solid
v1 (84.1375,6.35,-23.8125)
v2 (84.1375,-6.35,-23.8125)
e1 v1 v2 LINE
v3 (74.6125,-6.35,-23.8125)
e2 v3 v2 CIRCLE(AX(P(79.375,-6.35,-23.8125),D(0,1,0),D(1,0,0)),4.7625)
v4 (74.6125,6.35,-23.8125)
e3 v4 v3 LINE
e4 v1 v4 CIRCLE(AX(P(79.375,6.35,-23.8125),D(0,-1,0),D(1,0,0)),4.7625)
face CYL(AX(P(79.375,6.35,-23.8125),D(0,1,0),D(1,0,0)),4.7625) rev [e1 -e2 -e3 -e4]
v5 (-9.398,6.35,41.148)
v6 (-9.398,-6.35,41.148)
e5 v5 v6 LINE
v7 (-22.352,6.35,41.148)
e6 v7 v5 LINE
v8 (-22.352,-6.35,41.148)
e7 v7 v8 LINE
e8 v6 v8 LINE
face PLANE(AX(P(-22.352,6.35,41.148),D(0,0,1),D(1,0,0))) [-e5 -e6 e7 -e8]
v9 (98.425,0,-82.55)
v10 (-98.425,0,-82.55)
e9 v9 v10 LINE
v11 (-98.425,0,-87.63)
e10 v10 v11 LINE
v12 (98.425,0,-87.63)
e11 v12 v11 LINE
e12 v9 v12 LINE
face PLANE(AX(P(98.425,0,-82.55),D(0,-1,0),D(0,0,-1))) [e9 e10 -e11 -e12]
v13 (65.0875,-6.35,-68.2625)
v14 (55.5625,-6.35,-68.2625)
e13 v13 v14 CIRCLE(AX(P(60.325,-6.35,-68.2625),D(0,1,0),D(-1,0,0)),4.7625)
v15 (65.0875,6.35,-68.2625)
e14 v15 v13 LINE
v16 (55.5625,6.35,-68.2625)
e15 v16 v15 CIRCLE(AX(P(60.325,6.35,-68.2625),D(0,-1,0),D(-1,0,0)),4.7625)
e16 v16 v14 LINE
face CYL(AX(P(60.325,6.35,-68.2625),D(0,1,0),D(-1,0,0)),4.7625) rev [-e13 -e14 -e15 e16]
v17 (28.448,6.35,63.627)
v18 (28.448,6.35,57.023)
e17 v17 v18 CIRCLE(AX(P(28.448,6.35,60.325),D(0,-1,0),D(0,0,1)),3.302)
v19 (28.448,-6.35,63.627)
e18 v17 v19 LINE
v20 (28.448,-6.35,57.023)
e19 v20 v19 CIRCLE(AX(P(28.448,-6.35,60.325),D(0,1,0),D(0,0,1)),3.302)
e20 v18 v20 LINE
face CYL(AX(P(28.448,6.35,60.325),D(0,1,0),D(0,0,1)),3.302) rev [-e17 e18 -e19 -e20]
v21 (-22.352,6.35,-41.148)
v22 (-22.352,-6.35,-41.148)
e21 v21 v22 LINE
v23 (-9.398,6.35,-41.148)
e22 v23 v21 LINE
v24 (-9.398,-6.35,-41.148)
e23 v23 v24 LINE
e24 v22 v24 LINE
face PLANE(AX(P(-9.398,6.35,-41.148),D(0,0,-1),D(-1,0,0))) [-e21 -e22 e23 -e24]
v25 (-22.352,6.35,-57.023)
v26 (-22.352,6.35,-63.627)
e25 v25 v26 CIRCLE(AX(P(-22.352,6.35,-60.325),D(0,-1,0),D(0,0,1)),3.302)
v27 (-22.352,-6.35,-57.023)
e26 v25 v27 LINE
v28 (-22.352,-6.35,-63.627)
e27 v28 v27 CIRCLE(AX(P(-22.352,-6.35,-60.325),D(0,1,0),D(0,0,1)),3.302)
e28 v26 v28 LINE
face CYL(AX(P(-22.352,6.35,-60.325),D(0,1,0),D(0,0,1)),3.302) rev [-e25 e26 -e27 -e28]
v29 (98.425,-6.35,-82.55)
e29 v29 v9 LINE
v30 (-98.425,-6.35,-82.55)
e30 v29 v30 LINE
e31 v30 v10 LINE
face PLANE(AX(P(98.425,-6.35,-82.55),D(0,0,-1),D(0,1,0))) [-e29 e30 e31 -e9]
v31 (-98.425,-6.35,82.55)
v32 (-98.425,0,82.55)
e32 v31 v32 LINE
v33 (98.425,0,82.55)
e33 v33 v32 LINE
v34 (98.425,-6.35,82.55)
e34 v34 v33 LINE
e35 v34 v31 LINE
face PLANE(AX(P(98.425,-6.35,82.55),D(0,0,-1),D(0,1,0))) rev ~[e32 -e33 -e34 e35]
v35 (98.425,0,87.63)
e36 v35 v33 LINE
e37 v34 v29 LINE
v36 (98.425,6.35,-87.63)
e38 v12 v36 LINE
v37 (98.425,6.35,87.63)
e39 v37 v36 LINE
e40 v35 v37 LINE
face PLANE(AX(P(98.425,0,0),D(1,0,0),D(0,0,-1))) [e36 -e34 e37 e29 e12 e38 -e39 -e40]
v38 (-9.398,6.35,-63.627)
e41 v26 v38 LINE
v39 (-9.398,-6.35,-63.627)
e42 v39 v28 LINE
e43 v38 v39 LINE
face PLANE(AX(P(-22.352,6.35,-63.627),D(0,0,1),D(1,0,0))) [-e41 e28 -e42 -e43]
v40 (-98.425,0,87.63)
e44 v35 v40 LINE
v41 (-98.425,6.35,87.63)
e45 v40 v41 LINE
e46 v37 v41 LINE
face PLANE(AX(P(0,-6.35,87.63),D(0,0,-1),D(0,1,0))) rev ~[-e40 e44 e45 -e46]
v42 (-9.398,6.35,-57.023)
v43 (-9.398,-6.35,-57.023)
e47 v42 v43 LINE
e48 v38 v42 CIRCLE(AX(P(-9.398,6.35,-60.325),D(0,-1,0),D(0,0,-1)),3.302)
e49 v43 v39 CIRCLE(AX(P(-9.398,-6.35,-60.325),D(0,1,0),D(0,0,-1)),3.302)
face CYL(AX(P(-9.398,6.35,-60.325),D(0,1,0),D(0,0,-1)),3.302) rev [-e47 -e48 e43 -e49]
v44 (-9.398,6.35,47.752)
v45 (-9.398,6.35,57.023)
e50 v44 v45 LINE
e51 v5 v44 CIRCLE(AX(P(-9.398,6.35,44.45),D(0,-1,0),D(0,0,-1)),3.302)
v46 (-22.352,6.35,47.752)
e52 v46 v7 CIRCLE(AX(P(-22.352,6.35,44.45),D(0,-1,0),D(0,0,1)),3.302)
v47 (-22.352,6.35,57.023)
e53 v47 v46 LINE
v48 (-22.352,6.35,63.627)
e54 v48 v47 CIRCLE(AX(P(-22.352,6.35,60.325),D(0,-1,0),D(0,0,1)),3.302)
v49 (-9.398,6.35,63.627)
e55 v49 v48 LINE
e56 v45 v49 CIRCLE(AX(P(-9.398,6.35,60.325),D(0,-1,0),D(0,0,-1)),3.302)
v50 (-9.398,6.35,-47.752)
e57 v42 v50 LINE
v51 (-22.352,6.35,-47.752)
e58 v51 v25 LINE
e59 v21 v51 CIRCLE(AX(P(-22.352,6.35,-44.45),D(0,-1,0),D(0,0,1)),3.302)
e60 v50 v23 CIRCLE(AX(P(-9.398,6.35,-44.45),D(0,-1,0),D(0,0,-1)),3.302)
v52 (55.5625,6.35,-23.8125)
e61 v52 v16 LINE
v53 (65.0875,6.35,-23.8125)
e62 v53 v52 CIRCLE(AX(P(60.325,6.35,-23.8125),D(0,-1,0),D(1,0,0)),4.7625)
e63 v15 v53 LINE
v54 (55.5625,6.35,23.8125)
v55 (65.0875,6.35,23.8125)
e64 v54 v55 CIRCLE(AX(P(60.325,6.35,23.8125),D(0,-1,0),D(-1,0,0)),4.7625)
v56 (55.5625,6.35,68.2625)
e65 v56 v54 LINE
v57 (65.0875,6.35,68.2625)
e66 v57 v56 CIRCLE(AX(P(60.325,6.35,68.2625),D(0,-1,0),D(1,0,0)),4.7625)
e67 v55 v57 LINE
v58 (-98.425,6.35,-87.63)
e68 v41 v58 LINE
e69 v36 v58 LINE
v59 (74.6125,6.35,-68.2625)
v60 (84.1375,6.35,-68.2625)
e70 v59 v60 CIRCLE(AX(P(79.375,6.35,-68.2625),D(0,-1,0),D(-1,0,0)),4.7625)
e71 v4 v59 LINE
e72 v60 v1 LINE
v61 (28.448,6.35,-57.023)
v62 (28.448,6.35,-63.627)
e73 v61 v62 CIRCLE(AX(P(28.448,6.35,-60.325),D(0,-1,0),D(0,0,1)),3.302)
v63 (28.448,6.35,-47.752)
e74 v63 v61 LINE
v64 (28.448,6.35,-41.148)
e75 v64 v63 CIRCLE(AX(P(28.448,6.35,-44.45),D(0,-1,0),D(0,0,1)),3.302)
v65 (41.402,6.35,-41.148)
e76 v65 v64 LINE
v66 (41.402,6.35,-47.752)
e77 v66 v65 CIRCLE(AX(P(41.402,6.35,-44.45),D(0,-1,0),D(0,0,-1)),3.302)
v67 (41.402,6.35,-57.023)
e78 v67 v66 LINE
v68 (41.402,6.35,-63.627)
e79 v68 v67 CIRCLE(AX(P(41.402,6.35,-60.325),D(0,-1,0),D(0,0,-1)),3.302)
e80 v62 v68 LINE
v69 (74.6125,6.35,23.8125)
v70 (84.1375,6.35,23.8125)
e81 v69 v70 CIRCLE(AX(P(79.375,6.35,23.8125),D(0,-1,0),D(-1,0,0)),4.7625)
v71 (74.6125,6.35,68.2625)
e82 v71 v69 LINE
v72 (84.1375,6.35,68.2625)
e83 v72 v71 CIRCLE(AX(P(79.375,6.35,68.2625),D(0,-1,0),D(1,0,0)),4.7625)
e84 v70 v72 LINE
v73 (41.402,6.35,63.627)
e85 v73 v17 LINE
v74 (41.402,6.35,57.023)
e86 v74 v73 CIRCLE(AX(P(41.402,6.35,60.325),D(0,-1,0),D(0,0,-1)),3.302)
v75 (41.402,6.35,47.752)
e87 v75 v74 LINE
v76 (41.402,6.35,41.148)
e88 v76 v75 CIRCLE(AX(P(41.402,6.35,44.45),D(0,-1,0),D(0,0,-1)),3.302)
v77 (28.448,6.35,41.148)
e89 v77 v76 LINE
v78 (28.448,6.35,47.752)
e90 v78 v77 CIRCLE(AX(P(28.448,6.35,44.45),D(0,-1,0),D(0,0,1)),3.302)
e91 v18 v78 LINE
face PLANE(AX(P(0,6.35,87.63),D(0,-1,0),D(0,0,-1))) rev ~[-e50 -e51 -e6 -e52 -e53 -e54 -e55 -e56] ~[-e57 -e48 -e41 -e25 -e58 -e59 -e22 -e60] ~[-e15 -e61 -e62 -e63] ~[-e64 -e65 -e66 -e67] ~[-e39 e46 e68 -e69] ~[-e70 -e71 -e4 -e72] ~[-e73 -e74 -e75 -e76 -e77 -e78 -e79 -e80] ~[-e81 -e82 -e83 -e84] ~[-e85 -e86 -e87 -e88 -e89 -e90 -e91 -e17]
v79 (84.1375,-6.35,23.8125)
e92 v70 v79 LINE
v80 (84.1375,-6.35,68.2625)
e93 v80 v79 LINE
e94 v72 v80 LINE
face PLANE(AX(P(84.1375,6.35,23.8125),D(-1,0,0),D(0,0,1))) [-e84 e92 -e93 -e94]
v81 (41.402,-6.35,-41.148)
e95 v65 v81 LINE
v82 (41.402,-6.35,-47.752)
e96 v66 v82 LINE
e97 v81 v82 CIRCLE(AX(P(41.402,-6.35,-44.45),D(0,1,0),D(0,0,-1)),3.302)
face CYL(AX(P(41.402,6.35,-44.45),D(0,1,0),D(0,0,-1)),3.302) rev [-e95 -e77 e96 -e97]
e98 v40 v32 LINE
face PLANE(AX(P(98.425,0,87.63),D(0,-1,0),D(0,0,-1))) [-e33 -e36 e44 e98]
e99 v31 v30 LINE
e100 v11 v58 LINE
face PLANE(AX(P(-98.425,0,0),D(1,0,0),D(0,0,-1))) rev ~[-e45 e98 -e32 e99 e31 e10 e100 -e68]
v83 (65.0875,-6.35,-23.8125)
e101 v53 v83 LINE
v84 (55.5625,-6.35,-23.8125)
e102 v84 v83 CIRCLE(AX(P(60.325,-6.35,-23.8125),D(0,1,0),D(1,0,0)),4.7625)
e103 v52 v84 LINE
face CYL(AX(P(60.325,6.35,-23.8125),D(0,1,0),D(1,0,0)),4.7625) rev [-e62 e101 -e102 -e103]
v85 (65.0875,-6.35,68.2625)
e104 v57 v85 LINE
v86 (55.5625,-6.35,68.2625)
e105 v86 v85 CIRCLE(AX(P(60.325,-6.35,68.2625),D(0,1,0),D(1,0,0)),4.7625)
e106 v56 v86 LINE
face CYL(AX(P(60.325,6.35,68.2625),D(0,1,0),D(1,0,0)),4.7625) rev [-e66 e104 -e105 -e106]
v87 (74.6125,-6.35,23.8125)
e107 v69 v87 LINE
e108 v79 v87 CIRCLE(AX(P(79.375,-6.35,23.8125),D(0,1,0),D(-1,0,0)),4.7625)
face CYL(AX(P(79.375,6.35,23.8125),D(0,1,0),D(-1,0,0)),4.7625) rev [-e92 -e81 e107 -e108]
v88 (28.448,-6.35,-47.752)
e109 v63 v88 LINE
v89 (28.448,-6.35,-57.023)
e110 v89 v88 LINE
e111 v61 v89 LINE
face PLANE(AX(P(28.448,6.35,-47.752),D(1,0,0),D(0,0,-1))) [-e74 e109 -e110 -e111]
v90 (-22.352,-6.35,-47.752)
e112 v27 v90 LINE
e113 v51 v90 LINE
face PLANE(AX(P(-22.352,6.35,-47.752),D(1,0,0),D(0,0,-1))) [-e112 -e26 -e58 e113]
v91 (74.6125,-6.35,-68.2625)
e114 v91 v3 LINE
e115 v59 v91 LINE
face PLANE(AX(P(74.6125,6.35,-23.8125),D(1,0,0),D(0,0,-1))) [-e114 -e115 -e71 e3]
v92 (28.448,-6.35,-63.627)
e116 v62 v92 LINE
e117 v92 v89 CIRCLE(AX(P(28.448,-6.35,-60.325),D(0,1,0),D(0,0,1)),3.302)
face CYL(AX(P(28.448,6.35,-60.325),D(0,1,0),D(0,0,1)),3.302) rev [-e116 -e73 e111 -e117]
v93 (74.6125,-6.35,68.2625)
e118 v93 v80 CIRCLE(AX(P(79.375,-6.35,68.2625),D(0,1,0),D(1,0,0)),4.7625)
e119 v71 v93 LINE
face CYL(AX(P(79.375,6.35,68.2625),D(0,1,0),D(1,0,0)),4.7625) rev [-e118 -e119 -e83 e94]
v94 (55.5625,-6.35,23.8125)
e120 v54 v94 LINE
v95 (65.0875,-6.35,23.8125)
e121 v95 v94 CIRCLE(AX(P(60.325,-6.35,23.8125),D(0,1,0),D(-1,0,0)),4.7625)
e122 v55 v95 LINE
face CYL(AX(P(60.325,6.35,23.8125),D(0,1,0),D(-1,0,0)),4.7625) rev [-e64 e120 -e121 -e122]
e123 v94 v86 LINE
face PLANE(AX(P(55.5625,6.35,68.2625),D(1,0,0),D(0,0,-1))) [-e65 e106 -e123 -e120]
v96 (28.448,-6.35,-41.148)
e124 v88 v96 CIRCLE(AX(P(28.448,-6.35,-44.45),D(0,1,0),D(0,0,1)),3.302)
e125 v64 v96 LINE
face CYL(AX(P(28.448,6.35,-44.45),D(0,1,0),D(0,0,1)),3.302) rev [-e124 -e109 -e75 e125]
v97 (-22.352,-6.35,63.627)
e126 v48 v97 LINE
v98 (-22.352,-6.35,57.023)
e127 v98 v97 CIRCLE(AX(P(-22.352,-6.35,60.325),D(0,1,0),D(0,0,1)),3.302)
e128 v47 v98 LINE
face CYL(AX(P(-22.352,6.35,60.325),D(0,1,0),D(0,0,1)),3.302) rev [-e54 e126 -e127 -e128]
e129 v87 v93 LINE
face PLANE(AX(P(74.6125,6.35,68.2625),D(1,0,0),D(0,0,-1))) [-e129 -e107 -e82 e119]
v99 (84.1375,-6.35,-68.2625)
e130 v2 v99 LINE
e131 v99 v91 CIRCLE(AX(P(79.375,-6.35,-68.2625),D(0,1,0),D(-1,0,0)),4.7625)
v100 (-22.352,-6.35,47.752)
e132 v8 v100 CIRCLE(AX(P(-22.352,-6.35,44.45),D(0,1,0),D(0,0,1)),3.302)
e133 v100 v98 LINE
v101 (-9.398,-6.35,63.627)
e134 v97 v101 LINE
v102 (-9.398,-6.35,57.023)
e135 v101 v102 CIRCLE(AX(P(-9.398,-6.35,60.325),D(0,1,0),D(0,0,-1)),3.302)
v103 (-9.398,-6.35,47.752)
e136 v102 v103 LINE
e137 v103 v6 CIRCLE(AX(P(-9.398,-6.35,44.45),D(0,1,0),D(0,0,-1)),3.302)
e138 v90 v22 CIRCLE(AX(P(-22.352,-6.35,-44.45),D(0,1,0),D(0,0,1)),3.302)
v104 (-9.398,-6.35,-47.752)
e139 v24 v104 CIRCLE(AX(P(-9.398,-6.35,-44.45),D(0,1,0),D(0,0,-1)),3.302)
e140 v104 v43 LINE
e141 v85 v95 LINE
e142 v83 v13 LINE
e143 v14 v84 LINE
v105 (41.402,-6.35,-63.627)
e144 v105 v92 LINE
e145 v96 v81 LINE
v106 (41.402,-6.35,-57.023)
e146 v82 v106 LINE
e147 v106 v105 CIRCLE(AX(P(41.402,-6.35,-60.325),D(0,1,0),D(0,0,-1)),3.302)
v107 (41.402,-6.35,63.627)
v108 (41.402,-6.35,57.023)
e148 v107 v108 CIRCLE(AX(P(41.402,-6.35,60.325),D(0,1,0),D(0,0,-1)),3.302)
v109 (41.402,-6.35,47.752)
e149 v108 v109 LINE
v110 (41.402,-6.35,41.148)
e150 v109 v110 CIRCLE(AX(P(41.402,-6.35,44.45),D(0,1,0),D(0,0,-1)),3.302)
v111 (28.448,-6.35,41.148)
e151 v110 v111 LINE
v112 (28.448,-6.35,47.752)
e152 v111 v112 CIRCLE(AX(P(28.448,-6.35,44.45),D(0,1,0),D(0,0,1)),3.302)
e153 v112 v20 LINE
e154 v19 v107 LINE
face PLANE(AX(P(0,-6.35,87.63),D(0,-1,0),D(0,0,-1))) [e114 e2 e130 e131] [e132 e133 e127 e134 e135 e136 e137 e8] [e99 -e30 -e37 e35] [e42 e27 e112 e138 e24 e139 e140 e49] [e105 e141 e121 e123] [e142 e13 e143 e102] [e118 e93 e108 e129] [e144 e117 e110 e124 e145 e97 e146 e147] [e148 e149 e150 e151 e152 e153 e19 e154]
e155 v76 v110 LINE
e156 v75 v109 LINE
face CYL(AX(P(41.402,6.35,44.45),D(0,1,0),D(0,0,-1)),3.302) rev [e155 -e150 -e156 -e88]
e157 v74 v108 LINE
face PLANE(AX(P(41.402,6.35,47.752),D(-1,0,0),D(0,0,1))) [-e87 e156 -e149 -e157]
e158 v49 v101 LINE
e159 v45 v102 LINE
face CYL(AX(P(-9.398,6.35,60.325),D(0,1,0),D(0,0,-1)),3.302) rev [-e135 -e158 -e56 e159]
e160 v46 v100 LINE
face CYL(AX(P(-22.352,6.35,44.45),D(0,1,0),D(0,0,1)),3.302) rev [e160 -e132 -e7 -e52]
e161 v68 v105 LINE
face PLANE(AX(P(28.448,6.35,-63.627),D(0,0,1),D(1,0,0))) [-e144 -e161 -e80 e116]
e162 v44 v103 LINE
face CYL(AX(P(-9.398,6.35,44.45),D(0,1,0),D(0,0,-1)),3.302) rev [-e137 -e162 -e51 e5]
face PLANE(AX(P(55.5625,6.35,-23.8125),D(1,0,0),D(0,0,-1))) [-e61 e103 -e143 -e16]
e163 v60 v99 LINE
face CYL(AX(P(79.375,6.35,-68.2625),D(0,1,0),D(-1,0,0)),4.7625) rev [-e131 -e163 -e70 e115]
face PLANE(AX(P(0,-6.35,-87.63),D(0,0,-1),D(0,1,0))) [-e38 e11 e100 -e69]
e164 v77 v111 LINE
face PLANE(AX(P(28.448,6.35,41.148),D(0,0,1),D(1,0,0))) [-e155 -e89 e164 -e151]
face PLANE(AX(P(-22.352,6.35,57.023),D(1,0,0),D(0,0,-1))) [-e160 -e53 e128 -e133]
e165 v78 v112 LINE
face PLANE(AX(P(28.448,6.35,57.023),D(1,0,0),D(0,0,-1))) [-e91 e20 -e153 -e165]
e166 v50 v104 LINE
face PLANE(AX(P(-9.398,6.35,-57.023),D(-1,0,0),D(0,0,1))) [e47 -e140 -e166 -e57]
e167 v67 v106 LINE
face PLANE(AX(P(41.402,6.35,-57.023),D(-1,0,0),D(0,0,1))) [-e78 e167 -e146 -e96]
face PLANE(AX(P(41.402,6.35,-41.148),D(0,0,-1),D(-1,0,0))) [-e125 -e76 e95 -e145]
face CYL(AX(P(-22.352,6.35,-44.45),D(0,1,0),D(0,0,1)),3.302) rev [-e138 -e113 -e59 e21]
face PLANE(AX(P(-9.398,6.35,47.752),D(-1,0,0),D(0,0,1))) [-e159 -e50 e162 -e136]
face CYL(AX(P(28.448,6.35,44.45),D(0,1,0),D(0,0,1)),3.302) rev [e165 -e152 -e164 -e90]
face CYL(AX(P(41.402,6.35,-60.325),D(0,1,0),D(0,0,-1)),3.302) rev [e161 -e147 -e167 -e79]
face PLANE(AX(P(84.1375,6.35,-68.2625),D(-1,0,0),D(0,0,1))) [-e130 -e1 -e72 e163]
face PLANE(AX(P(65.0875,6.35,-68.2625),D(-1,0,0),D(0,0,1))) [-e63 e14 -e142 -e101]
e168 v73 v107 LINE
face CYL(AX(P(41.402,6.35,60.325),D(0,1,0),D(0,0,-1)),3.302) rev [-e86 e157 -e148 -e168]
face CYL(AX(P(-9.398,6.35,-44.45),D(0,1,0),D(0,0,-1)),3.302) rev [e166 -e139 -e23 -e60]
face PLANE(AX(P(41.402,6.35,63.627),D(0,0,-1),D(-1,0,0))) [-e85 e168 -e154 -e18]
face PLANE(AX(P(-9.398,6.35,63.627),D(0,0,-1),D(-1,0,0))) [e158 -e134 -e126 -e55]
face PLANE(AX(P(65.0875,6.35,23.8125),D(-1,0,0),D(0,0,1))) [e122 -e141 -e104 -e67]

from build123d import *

# Parameters (mm, degrees)
SKETCH1_W           = 175.26
SKETCH1_H           = 12.7
BOSS_EXTRUDE1_DEPTH = 98.425
SKETCH2_W           = 5.08
SKETCH2_H           = 6.35
CUT_EXTRUDE1_DEPTH  = 216.567302483
CUT_EXTRUDE2_DEPTH  = 133.392550867
CUT_EXTRUDE3_DEPTH  = 133.392550867


with BuildPart() as part:
    # Sketch1 → Boss-Extrude1 (new, symmetric)
    with BuildSketch(Plane(origin=(0, 0, 0), x_dir=(0, 0, -1), z_dir=(1, 0, 0))):
        Rectangle(SKETCH1_W, SKETCH1_H)
    extrude(amount=BOSS_EXTRUDE1_DEPTH, both=True)

    # Sketch2 → Cut-Extrude1 (cut, through all)
    with BuildSketch(Plane(origin=(98.425, 0, 0), x_dir=(0, 0, -1), z_dir=(1, 0, 0))):
        with Locations((-85.09, -3.175)):
            Rectangle(SKETCH2_W, SKETCH2_H)
        with Locations((85.09, -3.175)):
            Rectangle(SKETCH2_W, SKETCH2_H)
    extrude(amount=-CUT_EXTRUDE1_DEPTH, mode=Mode.SUBTRACT)

    # Sketch3 → Cut-Extrude2 (cut, through all)
    with BuildSketch(Plane(origin=(0, 6.35, 0), x_dir=(1, 0, 0), z_dir=(0, 1, 0))):
        with BuildLine():
            Line((28.448, -41.148), (41.402, -41.148))
            ThreePointArc((41.402, -41.148), (44.704, -44.45), (41.402, -47.752))
            Line((41.402, -47.752), (41.402, -57.023))
            ThreePointArc((41.402, -57.023), (44.704, -60.325), (41.402, -63.627))
            Line((41.402, -63.627), (28.448, -63.627))
            ThreePointArc((28.448, -63.627), (25.146, -60.325), (28.448, -57.023))
            Line((28.448, -57.023), (28.448, -47.752))
            ThreePointArc((28.448, -47.752), (25.146, -44.45), (28.448, -41.148))
        make_face()
        with BuildLine():
            Line((-22.352, -41.148), (-9.398, -41.148))
            ThreePointArc((-9.398, -41.148), (-6.096, -44.45), (-9.398, -47.752))
            Line((-9.398, -47.752), (-9.398, -57.023))
            ThreePointArc((-9.398, -57.023), (-6.096, -60.325), (-9.398, -63.627))
            Line((-9.398, -63.627), (-22.352, -63.627))
            ThreePointArc((-22.352, -63.627), (-25.654, -60.325), (-22.352, -57.023))
            Line((-22.352, -57.023), (-22.352, -47.752))
            ThreePointArc((-22.352, -47.752), (-25.654, -44.45), (-22.352, -41.148))
        make_face()
        with BuildLine():
            Line((-22.352, 63.627), (-9.398, 63.627))
            ThreePointArc((-9.398, 63.627), (-6.096, 60.325), (-9.398, 57.023))
            Line((-9.398, 57.023), (-9.398, 47.752))
            ThreePointArc((-9.398, 47.752), (-6.096, 44.45), (-9.398, 41.148))
            Line((-9.398, 41.148), (-22.352, 41.148))
            ThreePointArc((-22.352, 41.148), (-25.654, 44.45), (-22.352, 47.752))
            Line((-22.352, 47.752), (-22.352, 57.023))
            ThreePointArc((-22.352, 57.023), (-25.654, 60.325), (-22.352, 63.627))
        make_face()
        with BuildLine():
            Line((28.448, 63.627), (41.402, 63.627))
            ThreePointArc((41.402, 63.627), (44.704, 60.325), (41.402, 57.023))
            Line((41.402, 57.023), (41.402, 47.752))
            ThreePointArc((41.402, 47.752), (44.704, 44.45), (41.402, 41.148))
            Line((41.402, 41.148), (28.448, 41.148))
            ThreePointArc((28.448, 41.148), (25.146, 44.45), (28.448, 47.752))
            Line((28.448, 47.752), (28.448, 57.023))
            ThreePointArc((28.448, 57.023), (25.146, 60.325), (28.448, 63.627))
        make_face()
    extrude(amount=-CUT_EXTRUDE2_DEPTH, mode=Mode.SUBTRACT)

    # Sketch4 → Cut-Extrude3 (cut, through all)
    with BuildSketch(Plane(origin=(0, 6.35, 0), x_dir=(1, 0, 0), z_dir=(0, 1, 0))):
        with BuildLine():
            Line((55.5625, -68.2625), (55.5625, -23.8125))
            ThreePointArc((55.5625, -23.8125), (60.325, -19.05), (65.0875, -23.8125))
            Line((65.0875, -23.8125), (65.0875, -68.2625))
            ThreePointArc((65.0875, -68.2625), (60.325, -73.025), (55.5625, -68.2625))
        make_face()
        with BuildLine():
            Line((55.5625, 23.8125), (55.5625, 68.2625))
            ThreePointArc((55.5625, 68.2625), (60.325, 73.025), (65.0875, 68.2625))
            Line((65.0875, 68.2625), (65.0875, 23.8125))
            ThreePointArc((65.0875, 23.8125), (60.325, 19.05), (55.5625, 23.8125))
        make_face()
        with BuildLine():
            Line((84.1375, 68.2625), (84.1375, 23.8125))
            ThreePointArc((84.1375, 23.8125), (79.375, 19.05), (74.6125, 23.8125))
            Line((74.6125, 23.8125), (74.6125, 68.2625))
            ThreePointArc((74.6125, 68.2625), (79.375, 73.025), (84.1375, 68.2625))
        make_face()
        with BuildLine():
            Line((84.1375, -23.8125), (84.1375, -68.2625))
            ThreePointArc((84.1375, -68.2625), (79.375, -73.025), (74.6125, -68.2625))
            Line((74.6125, -68.2625), (74.6125, -23.8125))
            ThreePointArc((74.6125, -23.8125), (79.375, -19.05), (84.1375, -23.8125))
        make_face()
    extrude(amount=-CUT_EXTRUDE3_DEPTH, mode=Mode.SUBTRACT)


solid = part.part
